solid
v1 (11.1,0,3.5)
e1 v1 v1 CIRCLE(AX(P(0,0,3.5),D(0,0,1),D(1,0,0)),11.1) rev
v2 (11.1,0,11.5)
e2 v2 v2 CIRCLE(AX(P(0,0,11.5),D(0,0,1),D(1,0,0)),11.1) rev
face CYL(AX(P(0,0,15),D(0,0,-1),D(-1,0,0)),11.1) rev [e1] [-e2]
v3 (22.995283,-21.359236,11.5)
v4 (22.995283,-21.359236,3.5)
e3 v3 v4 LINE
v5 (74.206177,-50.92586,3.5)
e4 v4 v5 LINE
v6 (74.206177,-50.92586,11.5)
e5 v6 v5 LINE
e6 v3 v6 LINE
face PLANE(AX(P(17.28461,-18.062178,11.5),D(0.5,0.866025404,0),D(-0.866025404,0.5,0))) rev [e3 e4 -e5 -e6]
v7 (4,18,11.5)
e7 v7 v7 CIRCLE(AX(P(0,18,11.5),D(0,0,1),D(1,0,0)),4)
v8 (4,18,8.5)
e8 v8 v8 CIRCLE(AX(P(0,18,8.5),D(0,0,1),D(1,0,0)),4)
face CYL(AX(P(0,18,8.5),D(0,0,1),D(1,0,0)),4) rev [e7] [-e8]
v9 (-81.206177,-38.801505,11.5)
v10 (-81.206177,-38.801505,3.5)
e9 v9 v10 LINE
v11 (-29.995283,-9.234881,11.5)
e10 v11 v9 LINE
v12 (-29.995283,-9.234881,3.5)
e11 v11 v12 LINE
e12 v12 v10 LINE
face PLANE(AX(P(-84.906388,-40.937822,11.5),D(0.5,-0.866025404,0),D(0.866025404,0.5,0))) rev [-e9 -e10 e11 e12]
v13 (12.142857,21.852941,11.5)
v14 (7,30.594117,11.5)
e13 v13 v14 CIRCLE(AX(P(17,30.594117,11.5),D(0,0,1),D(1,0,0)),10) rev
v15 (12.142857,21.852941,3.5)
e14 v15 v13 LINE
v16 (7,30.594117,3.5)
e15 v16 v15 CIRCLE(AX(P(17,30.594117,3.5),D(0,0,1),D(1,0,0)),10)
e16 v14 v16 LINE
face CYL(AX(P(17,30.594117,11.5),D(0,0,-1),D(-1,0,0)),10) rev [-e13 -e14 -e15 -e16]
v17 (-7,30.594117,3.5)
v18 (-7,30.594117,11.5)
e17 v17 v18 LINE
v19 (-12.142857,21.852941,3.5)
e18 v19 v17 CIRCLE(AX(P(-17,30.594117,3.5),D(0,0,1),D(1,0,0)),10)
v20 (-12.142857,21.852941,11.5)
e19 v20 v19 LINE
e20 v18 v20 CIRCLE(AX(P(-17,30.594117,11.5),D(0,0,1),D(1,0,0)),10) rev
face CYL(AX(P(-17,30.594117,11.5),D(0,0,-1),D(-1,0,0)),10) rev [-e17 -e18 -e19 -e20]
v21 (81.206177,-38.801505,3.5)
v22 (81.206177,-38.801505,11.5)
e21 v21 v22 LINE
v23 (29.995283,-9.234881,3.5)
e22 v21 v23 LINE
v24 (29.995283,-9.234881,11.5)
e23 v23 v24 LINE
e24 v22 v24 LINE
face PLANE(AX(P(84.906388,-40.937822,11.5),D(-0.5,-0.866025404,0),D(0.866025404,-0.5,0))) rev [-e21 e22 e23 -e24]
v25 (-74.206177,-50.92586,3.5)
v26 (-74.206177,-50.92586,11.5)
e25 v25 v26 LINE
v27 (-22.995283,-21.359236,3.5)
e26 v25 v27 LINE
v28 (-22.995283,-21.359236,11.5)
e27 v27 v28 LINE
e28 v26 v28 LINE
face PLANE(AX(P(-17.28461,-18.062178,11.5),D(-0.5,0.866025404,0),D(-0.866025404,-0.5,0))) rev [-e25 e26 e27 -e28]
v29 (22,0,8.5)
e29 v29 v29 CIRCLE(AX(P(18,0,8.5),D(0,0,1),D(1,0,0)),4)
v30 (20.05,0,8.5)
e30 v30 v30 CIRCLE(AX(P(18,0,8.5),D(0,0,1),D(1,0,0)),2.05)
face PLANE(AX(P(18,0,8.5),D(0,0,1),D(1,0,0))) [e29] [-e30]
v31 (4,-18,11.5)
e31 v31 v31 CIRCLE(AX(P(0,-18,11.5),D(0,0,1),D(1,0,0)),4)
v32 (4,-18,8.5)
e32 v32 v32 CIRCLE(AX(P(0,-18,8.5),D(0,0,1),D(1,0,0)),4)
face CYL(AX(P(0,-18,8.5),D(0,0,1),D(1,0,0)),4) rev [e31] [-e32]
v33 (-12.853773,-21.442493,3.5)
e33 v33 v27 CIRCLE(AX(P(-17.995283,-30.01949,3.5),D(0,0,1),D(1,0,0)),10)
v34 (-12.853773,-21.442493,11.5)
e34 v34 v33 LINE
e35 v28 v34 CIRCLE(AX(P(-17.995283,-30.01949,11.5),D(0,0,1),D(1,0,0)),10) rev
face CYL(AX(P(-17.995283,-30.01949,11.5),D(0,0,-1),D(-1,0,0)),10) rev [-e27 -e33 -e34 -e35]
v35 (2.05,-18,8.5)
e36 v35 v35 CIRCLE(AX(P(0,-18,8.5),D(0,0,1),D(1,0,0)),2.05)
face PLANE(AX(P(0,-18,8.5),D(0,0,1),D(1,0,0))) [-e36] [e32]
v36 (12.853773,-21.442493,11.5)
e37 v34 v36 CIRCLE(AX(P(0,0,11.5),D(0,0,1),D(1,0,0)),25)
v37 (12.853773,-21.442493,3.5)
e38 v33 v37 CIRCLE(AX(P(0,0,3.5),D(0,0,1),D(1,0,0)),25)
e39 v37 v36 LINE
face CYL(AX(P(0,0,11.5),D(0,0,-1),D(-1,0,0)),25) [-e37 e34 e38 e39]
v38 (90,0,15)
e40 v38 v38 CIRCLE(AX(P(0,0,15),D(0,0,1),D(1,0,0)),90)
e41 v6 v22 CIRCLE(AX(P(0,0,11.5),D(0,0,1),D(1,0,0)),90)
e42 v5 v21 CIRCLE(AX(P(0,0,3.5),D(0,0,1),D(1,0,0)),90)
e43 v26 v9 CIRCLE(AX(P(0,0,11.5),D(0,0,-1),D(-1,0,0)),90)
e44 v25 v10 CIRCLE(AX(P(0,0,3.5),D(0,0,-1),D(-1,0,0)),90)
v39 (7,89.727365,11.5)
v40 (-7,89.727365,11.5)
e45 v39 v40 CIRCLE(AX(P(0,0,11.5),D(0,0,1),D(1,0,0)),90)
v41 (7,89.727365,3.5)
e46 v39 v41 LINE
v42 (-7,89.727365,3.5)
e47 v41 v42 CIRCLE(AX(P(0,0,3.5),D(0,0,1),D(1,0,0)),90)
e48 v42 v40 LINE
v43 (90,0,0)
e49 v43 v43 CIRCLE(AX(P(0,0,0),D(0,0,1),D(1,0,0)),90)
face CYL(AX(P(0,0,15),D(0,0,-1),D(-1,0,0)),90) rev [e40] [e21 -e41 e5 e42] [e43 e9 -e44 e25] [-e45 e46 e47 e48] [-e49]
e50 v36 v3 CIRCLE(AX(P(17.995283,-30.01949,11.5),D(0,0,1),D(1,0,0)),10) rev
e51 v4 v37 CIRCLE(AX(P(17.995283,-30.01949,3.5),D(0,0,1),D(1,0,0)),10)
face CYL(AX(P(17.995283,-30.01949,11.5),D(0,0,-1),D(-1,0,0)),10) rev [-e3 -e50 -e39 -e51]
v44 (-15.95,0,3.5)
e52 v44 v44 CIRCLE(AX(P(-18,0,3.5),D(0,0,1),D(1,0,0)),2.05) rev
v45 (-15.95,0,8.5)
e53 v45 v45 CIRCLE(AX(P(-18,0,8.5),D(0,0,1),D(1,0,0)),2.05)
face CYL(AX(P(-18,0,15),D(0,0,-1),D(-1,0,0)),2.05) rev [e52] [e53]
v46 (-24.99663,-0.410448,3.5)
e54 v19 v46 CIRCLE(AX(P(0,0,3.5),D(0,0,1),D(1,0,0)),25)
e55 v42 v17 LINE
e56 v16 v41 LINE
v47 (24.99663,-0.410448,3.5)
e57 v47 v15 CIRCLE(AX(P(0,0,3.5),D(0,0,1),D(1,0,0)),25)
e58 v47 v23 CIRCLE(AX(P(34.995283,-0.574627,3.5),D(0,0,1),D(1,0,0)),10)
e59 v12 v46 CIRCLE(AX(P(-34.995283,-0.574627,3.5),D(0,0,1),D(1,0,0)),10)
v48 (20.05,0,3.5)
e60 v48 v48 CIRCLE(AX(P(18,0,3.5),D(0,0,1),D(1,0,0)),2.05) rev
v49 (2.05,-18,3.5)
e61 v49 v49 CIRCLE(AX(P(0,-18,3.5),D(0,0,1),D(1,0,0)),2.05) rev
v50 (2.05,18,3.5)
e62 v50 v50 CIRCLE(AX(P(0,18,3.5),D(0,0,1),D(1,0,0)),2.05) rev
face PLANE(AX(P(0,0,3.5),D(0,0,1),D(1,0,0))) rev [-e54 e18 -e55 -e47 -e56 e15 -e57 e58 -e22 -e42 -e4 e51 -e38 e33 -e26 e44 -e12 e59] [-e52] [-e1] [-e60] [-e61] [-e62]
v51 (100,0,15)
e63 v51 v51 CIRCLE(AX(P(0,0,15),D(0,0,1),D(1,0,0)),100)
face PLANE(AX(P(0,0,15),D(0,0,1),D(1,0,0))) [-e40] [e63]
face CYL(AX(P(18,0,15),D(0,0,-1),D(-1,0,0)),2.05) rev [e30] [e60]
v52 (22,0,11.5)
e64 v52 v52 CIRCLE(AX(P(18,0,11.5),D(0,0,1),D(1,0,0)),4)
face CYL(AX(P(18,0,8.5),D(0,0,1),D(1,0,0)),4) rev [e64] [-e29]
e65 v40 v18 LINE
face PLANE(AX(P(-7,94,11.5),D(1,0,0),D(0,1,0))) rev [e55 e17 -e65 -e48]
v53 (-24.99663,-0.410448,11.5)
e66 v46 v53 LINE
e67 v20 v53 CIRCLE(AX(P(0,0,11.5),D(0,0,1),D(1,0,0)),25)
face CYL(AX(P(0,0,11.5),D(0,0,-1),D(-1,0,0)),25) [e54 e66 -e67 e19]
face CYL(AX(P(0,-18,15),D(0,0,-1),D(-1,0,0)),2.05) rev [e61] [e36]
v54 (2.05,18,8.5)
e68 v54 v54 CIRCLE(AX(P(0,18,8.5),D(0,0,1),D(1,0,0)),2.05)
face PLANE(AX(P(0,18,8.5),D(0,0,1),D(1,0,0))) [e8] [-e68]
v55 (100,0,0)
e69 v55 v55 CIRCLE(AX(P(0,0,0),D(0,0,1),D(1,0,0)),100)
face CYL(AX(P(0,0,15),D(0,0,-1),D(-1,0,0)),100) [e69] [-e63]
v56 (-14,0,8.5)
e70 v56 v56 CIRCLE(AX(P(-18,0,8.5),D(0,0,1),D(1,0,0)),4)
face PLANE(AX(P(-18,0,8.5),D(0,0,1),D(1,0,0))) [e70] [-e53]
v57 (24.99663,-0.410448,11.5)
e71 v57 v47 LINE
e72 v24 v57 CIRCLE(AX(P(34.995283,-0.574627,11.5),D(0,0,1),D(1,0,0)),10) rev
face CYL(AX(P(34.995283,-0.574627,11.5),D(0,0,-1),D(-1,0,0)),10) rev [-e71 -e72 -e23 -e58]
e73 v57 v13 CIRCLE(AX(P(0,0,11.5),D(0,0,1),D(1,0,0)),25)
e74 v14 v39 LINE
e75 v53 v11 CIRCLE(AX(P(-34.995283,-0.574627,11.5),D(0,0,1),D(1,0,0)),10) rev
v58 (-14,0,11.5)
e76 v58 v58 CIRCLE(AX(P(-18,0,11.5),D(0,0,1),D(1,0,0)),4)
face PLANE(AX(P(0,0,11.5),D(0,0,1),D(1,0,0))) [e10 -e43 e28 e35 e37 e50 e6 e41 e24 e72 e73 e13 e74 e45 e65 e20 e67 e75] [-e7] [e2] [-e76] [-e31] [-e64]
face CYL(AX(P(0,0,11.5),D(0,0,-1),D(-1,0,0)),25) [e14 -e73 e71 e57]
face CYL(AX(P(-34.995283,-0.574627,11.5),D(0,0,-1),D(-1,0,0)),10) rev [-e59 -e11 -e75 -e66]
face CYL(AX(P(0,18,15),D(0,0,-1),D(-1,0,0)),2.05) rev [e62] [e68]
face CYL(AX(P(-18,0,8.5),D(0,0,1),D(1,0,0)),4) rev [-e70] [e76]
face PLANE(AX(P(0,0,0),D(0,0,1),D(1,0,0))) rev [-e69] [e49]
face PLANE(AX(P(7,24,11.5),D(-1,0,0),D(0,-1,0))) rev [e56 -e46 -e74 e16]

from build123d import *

# Parameters (mm, degrees)
SKETCH1_R               = 100
BOSS_EXTRUDE1_DEPTH     = 15
CUT_EXTRUDE1_DEPTH      = 143.214626533
CUT_EXTRUDE1_DEPTH_BACK = 143.214626533
SKETCH2_R               = 90
BOSS_EXTRUDE3_START     = 3.5
SKETCH5_R               = 25
BOSS_EXTRUDE3_DEPTH     = 8
BOSS_EXTRUDE4_START     = 3.5
SKETCH6_W               = 14
SKETCH6_H               = 70
BOSS_EXTRUDE4_DEPTH     = 8
SKETCH9_R               = 11.1
CUT_EXTRUDE4_DEPTH      = 143.214626533
SKETCH10_R              = 2.05
CUT_EXTRUDE5_DEPTH      = 143.214626533
FILLET3_R               = 10
CUT_EXTRUDE6_START      = 8.5
SKETCH11_R              = 4
CUT_EXTRUDE6_DEPTH      = 3


with BuildPart() as part:
    # Sketch1 → Boss-Extrude1 (new body)
    with BuildSketch(Plane.XY):
        Circle(SKETCH1_R)
    extrude(amount=BOSS_EXTRUDE1_DEPTH)

    # Sketch2 → Cut-Extrude1 (cut, two sides: drawn at the far end of the back side and taken through both)
    with BuildSketch(Plane.XY.offset(-CUT_EXTRUDE1_DEPTH_BACK)):
        Circle(SKETCH2_R)
    extrude(amount=CUT_EXTRUDE1_DEPTH + CUT_EXTRUDE1_DEPTH_BACK, mode=Mode.SUBTRACT)



with BuildPart() as body_2:
    # Sketch5 → Boss-Extrude3 (new body)
    with BuildSketch(Plane.XY.offset(BOSS_EXTRUDE3_START)):
        Circle(SKETCH5_R)
    extrude(amount=BOSS_EXTRUDE3_DEPTH)


with BuildPart() as part_1:
    add(part.part)

    add(body_2.part)  # Boss-Extrude4 merges body 2
    # Sketch6 → Boss-Extrude4 (add)
    with BuildSketch(Plane.XY.offset(BOSS_EXTRUDE4_START)):
        with Locations((0, 59)):
            Rectangle(SKETCH6_W, SKETCH6_H)
        Polygon((17.284609691, -18.062177826), (77.906387956, -53.062177826), (84.906387956, -40.937822174), (24.284609691, -5.937822174), align=None)
        Polygon((-17.284609691, -18.062177826), (-77.906387956, -53.062177826), (-84.906387956, -40.937822174), (-24.284609691, -5.937822174), align=None)
    extrude(amount=BOSS_EXTRUDE4_DEPTH)

    # Sketch9 → Cut-Extrude4 (cut, through all)
    with BuildSketch(Plane.XY):
        Circle(SKETCH9_R)
    extrude(amount=CUT_EXTRUDE4_DEPTH, mode=Mode.SUBTRACT)

    # Sketch10 → Cut-Extrude5 (cut, through all)
    with BuildSketch(Plane.XY):
        with Locations((0, 18)):
            Circle(SKETCH10_R)
        with Locations((18, 0)):
            Circle(SKETCH10_R)
        with Locations((0, -18)):
            Circle(SKETCH10_R)
        with Locations((-18, 0)):
            Circle(SKETCH10_R)
    extrude(amount=CUT_EXTRUDE5_DEPTH, mode=Mode.SUBTRACT)

    # Fillet3
    fillet3_edges = [part_1.edges().sort_by_distance(p)[0] for p in [
        (-7, 24, 7.5),
        (7, 24, 7.5),
        (24.284609691, -5.937822174, 7.5),
        (17.284609691, -18.062177826, 7.5),
        (-17.284609691, -18.062177826, 7.5),
        (-24.284609691, -5.937822174, 7.5),
    ]]
    fillet(fillet3_edges, radius=FILLET3_R)

    # Sketch11 → Cut-Extrude6 (cut)
    with BuildSketch(Plane.XY.offset(CUT_EXTRUDE6_START)):
        with Locations((18, 0)):
            Circle(SKETCH11_R)
        with Locations((0, -18)):
            Circle(SKETCH11_R)
        with Locations((-18, 0)):
            Circle(SKETCH11_R)
        with Locations((0, 18)):
            Circle(SKETCH11_R)
    extrude(amount=CUT_EXTRUDE6_DEPTH, mode=Mode.SUBTRACT)


solid = part_1.part
